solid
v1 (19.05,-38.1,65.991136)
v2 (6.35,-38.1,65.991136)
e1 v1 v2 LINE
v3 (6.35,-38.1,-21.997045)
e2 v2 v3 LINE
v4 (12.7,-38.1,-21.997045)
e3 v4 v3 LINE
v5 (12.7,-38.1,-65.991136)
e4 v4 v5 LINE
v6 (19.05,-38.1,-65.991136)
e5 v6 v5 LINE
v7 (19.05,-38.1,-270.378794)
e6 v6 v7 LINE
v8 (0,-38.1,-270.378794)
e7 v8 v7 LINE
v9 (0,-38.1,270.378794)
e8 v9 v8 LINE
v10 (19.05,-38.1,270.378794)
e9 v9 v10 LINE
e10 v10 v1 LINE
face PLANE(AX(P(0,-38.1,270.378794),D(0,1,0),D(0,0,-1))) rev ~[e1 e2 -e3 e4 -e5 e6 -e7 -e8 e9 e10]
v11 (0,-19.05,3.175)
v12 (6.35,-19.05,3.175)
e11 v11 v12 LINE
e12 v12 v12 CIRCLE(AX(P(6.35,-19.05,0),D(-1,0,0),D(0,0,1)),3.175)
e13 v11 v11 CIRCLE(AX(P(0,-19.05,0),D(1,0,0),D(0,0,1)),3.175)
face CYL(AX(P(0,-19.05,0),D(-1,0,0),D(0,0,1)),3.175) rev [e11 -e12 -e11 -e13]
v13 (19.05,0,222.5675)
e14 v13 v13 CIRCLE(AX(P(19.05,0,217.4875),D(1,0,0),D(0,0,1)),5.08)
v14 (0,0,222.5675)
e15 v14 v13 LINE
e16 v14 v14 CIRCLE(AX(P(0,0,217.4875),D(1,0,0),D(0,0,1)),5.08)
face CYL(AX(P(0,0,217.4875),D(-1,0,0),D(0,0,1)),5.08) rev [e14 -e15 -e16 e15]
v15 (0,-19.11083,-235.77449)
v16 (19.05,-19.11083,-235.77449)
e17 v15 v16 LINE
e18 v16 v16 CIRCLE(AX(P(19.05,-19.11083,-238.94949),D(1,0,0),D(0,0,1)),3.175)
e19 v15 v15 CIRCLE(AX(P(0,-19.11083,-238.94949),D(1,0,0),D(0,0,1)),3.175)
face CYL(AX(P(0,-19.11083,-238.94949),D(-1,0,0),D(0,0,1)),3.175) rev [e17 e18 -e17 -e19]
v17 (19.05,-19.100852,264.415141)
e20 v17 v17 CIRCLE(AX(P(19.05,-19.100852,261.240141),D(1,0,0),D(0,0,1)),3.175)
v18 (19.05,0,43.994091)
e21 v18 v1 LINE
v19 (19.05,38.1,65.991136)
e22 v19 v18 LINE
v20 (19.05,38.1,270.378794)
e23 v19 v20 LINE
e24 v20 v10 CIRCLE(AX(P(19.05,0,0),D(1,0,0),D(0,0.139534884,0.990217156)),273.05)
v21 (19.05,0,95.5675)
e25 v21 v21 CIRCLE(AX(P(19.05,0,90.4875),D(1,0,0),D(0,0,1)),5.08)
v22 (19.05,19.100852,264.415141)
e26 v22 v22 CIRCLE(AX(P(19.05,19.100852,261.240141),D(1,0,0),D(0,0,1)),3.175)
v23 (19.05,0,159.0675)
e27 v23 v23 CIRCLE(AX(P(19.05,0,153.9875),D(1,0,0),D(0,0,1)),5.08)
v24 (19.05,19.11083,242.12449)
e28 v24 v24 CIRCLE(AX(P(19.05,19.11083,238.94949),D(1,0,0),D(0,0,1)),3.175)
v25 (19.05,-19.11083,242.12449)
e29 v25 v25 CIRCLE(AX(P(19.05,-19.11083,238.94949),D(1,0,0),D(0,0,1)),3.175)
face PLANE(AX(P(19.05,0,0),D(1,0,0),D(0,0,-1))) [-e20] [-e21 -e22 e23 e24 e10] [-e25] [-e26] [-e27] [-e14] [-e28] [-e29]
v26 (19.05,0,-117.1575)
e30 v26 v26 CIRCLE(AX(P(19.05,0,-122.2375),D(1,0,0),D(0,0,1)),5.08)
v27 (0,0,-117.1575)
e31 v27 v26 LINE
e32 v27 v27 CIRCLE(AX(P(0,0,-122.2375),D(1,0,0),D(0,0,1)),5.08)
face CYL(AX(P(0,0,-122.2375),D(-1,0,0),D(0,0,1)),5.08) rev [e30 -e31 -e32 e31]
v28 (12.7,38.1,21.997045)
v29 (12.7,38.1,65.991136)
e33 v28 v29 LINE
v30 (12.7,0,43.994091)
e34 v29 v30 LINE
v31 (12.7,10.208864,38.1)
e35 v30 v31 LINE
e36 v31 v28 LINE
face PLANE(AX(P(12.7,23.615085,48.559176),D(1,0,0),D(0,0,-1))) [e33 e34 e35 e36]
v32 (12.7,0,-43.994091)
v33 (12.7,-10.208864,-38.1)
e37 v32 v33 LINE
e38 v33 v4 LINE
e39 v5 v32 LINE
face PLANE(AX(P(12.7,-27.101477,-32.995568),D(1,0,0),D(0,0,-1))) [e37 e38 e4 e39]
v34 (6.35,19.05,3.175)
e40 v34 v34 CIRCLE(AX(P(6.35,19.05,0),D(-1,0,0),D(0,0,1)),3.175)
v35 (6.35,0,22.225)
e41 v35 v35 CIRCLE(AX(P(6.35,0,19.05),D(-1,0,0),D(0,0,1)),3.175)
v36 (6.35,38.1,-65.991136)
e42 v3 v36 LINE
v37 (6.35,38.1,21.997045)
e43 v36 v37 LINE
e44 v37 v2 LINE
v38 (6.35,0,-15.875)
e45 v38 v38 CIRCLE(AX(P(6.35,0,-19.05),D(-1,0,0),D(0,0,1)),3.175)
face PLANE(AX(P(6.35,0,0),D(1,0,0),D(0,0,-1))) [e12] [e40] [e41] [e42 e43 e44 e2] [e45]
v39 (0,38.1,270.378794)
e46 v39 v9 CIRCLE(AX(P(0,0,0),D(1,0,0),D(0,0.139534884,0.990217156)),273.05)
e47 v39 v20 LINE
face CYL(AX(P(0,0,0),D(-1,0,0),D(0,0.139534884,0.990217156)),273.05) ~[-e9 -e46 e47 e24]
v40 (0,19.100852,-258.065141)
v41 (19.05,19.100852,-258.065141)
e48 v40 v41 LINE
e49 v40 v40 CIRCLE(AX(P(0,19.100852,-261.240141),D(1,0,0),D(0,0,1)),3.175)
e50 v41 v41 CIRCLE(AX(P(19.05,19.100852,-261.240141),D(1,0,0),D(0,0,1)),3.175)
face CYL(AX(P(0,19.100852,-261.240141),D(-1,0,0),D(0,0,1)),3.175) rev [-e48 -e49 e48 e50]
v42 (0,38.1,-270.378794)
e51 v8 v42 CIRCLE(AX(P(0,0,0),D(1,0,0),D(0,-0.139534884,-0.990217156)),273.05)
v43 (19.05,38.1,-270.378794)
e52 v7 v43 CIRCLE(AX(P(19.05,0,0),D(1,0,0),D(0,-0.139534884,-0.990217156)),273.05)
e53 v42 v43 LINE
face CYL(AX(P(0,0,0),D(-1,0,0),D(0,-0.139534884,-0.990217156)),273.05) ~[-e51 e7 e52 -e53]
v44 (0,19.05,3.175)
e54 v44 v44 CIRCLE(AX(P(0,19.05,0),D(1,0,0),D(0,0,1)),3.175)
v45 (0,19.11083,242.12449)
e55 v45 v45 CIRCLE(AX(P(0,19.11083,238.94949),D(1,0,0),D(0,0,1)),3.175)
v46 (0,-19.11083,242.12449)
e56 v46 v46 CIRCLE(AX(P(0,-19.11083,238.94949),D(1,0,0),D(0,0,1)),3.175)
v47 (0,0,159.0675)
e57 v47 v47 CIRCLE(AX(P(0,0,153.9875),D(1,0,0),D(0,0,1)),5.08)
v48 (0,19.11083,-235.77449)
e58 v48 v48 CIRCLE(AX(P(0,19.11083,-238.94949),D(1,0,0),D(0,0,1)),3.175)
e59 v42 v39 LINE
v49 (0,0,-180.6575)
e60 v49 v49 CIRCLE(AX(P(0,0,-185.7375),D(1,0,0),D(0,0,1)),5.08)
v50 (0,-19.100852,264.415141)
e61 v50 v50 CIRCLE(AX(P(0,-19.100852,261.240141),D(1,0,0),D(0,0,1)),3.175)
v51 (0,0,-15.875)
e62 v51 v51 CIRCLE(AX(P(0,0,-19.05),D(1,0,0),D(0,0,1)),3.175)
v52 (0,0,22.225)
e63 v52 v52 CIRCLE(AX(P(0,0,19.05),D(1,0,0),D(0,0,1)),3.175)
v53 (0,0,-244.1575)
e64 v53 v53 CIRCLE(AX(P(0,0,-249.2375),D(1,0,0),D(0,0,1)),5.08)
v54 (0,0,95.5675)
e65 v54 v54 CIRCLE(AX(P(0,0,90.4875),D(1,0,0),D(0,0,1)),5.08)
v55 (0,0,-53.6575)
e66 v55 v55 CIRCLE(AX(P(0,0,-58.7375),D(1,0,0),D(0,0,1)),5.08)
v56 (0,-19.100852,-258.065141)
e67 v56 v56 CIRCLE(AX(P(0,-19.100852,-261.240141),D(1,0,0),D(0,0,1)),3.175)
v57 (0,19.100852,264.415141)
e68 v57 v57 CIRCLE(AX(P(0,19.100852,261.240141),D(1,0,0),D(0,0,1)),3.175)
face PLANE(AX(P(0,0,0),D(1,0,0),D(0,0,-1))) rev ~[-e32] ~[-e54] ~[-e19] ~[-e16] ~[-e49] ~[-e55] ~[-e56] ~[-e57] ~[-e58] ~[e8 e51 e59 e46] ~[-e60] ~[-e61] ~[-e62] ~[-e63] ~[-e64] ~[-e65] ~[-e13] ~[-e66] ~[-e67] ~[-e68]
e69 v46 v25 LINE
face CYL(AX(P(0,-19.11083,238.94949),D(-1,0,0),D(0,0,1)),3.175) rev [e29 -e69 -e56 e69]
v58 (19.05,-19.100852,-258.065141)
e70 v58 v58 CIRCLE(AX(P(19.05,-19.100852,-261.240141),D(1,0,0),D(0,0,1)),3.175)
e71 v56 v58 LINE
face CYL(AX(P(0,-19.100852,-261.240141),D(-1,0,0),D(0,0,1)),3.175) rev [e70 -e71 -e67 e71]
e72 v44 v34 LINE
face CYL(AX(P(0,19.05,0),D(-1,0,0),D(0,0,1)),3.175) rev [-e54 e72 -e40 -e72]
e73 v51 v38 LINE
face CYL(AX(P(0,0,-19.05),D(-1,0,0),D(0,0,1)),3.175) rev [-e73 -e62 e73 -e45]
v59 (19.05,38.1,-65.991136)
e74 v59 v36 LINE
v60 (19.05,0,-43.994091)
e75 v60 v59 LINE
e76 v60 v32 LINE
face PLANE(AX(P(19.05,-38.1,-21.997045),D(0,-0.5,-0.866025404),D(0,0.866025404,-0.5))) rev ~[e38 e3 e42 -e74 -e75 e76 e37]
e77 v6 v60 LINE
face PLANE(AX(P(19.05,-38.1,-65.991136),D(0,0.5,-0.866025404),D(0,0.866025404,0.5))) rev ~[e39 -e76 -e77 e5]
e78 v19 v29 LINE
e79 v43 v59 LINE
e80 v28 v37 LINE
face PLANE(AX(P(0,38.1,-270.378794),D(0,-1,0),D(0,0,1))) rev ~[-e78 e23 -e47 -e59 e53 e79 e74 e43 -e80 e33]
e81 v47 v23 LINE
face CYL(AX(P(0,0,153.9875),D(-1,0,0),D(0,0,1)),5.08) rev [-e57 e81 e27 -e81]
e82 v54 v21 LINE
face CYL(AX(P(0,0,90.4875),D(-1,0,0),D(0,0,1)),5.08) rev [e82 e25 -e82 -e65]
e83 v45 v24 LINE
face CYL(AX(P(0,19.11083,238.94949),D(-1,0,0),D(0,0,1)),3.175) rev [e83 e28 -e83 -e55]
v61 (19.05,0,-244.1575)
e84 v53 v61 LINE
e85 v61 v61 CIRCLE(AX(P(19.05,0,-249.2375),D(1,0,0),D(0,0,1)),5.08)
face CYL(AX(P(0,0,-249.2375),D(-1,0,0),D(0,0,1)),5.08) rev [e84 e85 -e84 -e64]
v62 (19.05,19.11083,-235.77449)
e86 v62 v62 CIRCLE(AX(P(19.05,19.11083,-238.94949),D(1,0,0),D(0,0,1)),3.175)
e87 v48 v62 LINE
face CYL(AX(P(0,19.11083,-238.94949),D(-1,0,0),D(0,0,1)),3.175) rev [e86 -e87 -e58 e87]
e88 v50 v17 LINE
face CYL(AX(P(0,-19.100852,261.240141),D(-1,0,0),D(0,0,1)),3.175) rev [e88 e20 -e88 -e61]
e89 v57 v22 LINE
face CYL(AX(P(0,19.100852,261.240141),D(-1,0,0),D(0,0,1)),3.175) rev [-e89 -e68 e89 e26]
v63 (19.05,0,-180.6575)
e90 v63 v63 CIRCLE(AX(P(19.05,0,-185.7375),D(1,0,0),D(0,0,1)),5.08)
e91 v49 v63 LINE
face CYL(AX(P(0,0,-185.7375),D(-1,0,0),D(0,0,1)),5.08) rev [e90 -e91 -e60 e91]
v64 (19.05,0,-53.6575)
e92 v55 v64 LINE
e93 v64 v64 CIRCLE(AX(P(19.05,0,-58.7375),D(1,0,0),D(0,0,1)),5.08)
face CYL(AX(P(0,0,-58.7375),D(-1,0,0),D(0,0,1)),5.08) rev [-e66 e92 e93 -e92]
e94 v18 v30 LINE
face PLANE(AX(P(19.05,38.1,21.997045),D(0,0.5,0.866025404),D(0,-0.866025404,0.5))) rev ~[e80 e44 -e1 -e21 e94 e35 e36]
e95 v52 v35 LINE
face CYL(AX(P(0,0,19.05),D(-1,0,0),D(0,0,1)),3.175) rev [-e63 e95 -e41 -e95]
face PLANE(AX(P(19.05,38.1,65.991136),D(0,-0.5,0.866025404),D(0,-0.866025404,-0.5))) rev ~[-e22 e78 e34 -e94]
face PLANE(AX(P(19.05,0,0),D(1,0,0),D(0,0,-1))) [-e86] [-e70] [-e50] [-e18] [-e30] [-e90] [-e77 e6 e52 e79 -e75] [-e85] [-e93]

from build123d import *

# Parameters (mm, degrees)
SKETCH2_R           = 3.175
SKETCH2_R_2         = 5.08
BOSS_EXTRUDE1_DEPTH = 19.05
CUT_EXTRUDE1_START  = -12.7
SKETCH3_R           = 3.175
CUT_EXTRUDE1_DEPTH  = 12.7
CUT_EXTRUDE2_DEPTH  = 6.35


with BuildPart() as part:
    # Sketch2 → Boss-Extrude1 (new body)
    with BuildSketch(Plane(origin=(0, 0, 0), x_dir=(0, 0, -1), z_dir=(1, 0, 0))):
        with BuildLine():
            Line((38.1, 38.1), (-270.378794472, 38.1))
            ThreePointArc((-270.378794472, 38.1), (-273.05, 0), (-270.378794472, -38.1))
            Line((-270.378794472, -38.1), (270.378794472, -38.1))
            ThreePointArc((270.378794472, -38.1), (273.05, 0), (270.378794472, 38.1))
            Line((270.378794472, 38.1), (38.1, 38.1))
        make_face()
        with Locations((19.05, 0)):
            Circle(SKETCH2_R, mode=Mode.SUBTRACT)
        with Locations((0, -19.05)):
            Circle(SKETCH2_R, mode=Mode.SUBTRACT)
        with Locations((-19.05, 0)):
            Circle(SKETCH2_R, mode=Mode.SUBTRACT)
        with Locations((0, 19.05)):
            Circle(SKETCH2_R, mode=Mode.SUBTRACT)
        with Locations((-90.4875, 0)):
            Circle(SKETCH2_R_2, mode=Mode.SUBTRACT)
        with Locations((-217.4875, 0)):
            Circle(SKETCH2_R_2, mode=Mode.SUBTRACT)
        with Locations((-153.9875, 0)):
            Circle(SKETCH2_R_2, mode=Mode.SUBTRACT)
        with Locations((185.7375, 0)):
            Circle(SKETCH2_R_2, mode=Mode.SUBTRACT)
        with Locations((58.7375, 0)):
            Circle(SKETCH2_R_2, mode=Mode.SUBTRACT)
        with Locations((122.2375, 0)):
            Circle(SKETCH2_R_2, mode=Mode.SUBTRACT)
        with Locations((-238.949490115, 19.110830171)):
            Circle(SKETCH2_R, mode=Mode.SUBTRACT)
        with Locations((-261.240141142, -19.100852393)):
            Circle(SKETCH2_R, mode=Mode.SUBTRACT)
        with Locations((-238.949490115, -19.110830171)):
            Circle(SKETCH2_R, mode=Mode.SUBTRACT)
        with Locations((-261.240141142, 19.100852393)):
            Circle(SKETCH2_R, mode=Mode.SUBTRACT)
        with Locations((261.240141142, 19.100852393)):
            Circle(SKETCH2_R, mode=Mode.SUBTRACT)
        with Locations((238.949490115, 19.110830171)):
            Circle(SKETCH2_R, mode=Mode.SUBTRACT)
        with Locations((249.2375, 0)):
            Circle(SKETCH2_R_2, mode=Mode.SUBTRACT)
        with Locations((238.949490115, -19.110830171)):
            Circle(SKETCH2_R, mode=Mode.SUBTRACT)
        with Locations((261.240141142, -19.100852393)):
            Circle(SKETCH2_R, mode=Mode.SUBTRACT)
    extrude(amount=BOSS_EXTRUDE1_DEPTH)

    # Sketch3 → Cut-Extrude1 (cut)
    with BuildSketch(Plane(origin=(19.05, 0, 0), x_dir=(0, 0, -1), z_dir=(1, 0, 0)).offset(CUT_EXTRUDE1_START)):
        Polygon((21.997045256, -38.1), (65.991135768, 38.1), (-21.997045256, 38.1), (-65.991135768, -38.1), align=None)
        with Locations((-19.05, 0)):
            Circle(SKETCH3_R, mode=Mode.SUBTRACT)
        with Locations((0, -19.05)):
            Circle(SKETCH3_R, mode=Mode.SUBTRACT)
        with Locations((19.05, 0)):
            Circle(SKETCH3_R, mode=Mode.SUBTRACT)
        with Locations((0, 19.05)):
            Circle(SKETCH3_R, mode=Mode.SUBTRACT)
    extrude(amount=CUT_EXTRUDE1_DEPTH, mode=Mode.SUBTRACT)

    # Sketch3<3> → Cut-Extrude2 (cut)
    with BuildSketch(Plane(origin=(19.05, 0, 0), x_dir=(0, 0, -1), z_dir=(1, 0, 0))):
        Polygon((21.997045256, -38.1), (65.991135768, -38.1), (43.994090512, 0), align=None)
        Polygon((-43.994090512, 0), (-21.997045256, 38.1), (-65.991135768, 38.1), align=None)
    extrude(amount=-CUT_EXTRUDE2_DEPTH, mode=Mode.SUBTRACT)


solid = part.part
